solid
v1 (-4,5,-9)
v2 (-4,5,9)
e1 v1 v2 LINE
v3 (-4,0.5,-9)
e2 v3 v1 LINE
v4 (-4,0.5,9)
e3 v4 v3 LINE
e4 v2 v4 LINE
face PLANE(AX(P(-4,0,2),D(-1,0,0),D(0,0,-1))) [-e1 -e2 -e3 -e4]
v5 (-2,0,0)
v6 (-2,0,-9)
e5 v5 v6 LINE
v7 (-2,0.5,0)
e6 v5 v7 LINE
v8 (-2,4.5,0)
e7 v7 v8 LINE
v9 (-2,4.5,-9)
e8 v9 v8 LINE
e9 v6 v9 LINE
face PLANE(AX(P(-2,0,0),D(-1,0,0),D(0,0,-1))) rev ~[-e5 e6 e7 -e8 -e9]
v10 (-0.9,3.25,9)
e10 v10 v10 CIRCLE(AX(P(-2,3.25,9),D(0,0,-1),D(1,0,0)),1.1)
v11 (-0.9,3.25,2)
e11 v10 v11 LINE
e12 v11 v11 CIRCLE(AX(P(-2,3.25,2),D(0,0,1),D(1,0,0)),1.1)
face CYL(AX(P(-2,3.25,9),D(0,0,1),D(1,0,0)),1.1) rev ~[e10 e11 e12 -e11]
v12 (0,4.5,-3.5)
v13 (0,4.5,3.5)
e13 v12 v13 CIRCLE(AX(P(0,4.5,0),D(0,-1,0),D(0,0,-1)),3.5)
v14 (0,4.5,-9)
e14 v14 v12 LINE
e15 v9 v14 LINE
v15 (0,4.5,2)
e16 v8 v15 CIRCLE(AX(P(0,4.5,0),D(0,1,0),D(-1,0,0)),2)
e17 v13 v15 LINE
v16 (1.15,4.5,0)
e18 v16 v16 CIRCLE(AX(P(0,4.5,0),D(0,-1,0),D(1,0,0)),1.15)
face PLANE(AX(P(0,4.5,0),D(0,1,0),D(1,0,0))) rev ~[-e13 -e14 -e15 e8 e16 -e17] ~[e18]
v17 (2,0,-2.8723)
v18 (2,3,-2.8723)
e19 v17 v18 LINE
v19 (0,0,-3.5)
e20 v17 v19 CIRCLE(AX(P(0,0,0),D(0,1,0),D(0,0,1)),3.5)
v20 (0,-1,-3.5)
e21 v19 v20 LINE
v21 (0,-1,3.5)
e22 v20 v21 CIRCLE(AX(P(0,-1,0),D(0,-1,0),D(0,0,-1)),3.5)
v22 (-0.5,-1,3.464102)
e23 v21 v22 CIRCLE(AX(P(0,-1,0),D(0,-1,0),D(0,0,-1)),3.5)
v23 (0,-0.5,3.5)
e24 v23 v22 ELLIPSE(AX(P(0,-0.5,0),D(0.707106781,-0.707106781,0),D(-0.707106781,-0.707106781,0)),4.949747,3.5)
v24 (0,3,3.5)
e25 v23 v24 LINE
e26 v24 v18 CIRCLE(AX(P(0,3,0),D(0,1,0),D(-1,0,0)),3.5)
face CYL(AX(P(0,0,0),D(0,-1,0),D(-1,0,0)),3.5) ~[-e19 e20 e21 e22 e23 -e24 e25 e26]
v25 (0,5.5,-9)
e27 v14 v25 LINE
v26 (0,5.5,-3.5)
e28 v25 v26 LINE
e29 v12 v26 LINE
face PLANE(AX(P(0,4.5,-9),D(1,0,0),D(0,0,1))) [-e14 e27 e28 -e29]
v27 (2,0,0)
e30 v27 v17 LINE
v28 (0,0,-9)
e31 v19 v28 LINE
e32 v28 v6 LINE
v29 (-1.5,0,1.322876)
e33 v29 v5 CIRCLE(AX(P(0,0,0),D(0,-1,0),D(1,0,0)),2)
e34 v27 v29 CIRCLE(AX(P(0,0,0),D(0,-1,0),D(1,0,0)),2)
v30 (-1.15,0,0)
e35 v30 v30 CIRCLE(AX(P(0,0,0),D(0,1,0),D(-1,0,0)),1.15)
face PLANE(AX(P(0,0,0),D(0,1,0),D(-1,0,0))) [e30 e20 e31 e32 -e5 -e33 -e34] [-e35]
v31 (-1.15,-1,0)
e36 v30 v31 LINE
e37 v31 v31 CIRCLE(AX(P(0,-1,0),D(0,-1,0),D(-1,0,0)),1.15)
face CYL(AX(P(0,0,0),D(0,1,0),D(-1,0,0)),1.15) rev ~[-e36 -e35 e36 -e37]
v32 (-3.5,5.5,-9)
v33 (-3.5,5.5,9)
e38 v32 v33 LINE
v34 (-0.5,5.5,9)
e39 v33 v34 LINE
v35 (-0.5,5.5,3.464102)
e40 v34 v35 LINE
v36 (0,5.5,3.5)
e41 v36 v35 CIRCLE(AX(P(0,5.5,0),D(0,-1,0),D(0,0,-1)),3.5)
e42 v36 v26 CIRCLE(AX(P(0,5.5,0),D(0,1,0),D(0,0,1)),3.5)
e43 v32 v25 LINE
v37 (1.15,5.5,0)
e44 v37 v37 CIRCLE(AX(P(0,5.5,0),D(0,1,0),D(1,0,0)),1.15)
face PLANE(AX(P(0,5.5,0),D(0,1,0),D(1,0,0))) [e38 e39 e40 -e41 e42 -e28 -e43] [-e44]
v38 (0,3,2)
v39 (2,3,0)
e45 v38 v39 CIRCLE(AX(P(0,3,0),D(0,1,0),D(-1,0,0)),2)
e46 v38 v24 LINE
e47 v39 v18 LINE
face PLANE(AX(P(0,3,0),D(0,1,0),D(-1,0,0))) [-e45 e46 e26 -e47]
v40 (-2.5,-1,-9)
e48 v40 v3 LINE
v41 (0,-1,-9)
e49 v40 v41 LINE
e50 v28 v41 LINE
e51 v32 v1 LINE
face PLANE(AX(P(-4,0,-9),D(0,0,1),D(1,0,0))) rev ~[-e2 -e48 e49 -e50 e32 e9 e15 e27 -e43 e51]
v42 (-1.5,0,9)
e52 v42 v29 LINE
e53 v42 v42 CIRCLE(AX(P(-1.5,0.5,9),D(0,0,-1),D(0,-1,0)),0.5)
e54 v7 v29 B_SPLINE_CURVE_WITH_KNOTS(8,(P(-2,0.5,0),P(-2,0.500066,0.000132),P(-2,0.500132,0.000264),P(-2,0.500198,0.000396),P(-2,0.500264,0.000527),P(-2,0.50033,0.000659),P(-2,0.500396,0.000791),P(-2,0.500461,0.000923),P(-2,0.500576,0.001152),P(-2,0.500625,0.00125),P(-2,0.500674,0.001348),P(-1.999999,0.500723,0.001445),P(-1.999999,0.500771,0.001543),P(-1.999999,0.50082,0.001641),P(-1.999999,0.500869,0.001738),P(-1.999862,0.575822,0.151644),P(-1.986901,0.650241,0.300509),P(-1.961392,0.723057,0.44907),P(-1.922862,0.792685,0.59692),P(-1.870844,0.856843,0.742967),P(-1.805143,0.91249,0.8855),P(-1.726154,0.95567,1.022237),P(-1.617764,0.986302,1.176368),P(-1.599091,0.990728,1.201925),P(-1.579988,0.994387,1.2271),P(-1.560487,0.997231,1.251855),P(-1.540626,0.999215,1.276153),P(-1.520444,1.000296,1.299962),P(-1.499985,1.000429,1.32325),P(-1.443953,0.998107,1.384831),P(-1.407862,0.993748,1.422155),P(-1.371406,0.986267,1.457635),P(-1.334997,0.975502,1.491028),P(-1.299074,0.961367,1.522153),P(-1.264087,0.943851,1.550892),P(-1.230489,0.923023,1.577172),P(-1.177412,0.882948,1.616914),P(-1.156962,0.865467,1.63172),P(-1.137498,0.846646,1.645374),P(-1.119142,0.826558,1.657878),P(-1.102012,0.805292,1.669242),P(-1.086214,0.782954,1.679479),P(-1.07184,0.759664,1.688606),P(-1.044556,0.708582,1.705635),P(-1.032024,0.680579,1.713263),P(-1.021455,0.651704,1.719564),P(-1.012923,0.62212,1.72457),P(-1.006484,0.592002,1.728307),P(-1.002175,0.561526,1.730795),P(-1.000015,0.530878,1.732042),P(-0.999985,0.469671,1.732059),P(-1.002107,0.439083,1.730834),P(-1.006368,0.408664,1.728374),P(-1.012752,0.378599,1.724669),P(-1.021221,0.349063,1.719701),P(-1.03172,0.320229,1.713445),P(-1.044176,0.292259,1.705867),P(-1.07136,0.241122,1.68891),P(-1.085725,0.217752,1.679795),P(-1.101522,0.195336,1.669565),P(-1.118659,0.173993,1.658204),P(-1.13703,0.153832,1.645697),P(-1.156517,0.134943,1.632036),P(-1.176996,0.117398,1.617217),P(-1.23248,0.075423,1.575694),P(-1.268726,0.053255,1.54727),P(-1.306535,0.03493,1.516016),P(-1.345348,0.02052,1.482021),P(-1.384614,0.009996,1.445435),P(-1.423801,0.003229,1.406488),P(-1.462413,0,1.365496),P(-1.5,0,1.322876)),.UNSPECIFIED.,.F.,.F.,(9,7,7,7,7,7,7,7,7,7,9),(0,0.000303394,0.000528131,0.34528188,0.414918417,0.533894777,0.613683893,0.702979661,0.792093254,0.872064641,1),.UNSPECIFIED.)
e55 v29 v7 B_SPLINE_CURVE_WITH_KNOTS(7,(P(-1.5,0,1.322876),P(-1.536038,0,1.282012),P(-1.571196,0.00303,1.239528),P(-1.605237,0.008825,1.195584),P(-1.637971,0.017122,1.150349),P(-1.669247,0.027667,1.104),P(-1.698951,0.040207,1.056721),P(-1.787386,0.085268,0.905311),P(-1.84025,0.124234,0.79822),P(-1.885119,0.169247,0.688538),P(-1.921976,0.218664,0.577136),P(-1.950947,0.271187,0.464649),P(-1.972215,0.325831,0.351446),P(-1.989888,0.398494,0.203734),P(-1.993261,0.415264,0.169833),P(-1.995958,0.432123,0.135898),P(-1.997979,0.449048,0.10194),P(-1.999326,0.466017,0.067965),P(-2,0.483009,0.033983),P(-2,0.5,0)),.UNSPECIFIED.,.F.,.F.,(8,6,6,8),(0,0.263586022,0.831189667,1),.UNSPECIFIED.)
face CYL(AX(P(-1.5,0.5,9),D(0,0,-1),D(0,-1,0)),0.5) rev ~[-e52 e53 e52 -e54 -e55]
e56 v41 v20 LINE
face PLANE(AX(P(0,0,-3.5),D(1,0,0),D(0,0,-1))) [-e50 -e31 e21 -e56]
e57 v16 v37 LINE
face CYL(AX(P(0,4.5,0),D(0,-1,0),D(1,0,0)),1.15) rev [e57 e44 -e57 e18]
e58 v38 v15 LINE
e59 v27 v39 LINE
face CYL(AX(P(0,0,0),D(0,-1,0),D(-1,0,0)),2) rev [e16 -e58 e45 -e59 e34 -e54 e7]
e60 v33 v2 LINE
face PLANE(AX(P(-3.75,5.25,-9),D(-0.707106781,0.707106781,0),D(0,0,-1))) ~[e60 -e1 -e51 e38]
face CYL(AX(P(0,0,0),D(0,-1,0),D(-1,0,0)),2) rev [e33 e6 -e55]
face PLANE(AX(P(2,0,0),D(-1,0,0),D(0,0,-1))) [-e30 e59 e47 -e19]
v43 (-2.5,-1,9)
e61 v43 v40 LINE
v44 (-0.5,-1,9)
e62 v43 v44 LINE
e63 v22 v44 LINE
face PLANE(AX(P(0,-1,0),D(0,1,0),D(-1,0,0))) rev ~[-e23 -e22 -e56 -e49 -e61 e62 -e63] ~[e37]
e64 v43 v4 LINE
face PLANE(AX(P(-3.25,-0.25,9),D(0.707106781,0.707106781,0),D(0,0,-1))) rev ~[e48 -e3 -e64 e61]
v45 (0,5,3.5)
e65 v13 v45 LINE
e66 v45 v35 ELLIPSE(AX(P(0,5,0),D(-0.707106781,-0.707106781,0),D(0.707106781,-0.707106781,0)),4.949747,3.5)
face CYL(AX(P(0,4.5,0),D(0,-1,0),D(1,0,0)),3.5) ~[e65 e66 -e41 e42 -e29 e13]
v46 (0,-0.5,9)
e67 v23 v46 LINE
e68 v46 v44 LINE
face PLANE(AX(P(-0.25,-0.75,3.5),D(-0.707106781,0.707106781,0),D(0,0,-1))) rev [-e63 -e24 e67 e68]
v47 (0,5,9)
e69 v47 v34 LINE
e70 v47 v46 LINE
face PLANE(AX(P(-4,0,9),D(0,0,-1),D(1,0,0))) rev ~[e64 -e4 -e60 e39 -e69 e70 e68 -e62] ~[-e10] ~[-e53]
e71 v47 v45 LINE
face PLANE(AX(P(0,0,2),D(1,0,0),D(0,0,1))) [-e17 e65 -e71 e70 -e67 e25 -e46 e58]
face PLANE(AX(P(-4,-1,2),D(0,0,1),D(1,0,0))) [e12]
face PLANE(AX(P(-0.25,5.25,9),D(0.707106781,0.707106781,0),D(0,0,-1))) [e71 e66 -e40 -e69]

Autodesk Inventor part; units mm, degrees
ref_plane "YZ Plane" through (0, 0, 0) normal (1, 0, 0) x (0, 1, 0)
ref_plane "XZ Plane" through (0, 0, 0) normal (0, 1, 0) x (-1, 0, 0)
ref_plane "XY Plane" through (0, 0, 0) normal (0, 0, 1) x (1, 0, 0)
sketch "スケッチ1" plane through (0, 0, 0) normal (0, 1, 0) x (-1, 0, 0)
  circle A0 centre (0, 0) radius 1.15
  circle A1 centre (0, 0) radius 2
  circle A2 centre (0, 0) radius 3.5
  line L0 (0, 0) -> (0, 3.5)
  line L1 (2, 0) -> (-2, 0)
  line L2 (2, 0) -> (2, -2.8723)
  line L3 (-2, 0) -> (-2, -2.8723)
  line L4 (0, 2) -> (3.5, 2)
  line L5 (3.5, 2) -> (3.5, 6)
  line L6 (3.5, 6) -> (0, 6)
  line L7 (0, 6) -> (0, 2)
  line L8 (0, 6) -> (3.5, 6)
  line L9 (3.5, 6) -> (3.5, 0)
  line L10 (3.5, 0) -> (0, 0)
  line L11 (0, 0) -> (0, 6)
  line L12 (0, 0) -> (0, -8)
  line L13 (0, 0) -> (3.5, 0)
  line L14 (3.5, 0) -> (3.5, -8)
  line L15 (3.5, -8) -> (0, -8)
  line L16 (0, -8) -> (0, 0)
  line L17 (2, -2.8723) -> (2, -8)
  line L18 (0, -8) -> (3.5, -4.5)
  line L19 (0, -8) -> (4.9497, -8) construction
  line L20 (0, 0) -> (3.5, 0)
  line L21 (3.5, 0) -> (3.5, -9)
  line L22 (3.5, -9) -> (0, -9)
  line L23 (0, -9) -> (0, 0)
  line L24 (0, 2) -> (4, 2)
  line L25 (4, 2) -> (4, 9)
  line L26 (4, 9) -> (0, 9)
  line L27 (0, 9) -> (0, 2)
  line L28 (0, 9) -> (4, 9)
  line L29 (4, 9) -> (4, -9)
  line L30 (4, -9) -> (0, -9)
  line L31 (0, -9) -> (0, 9)
  line L32 (0, 0) -> (2, 0)
  line L33 (2, 0) -> (2, -9)
  line L34 (2, -9) -> (0, -9)
  line L35 (0, -9) -> (0, 0)
  point P0 (2, -6)
  point P1 (0, -3.5)
  dimension "d0" = 2.3
  dimension "d1" = 4
  dimension "d2" = 7
  dimension "d3" = 3.5
  dimension "d4" = 4
  dimension "d5" = 8
  dimension "d6" = 45
  dimension "d40" = 9
  dimension "d41" = 4
  dimension "d42" = 7
extrude "押し出し1" add sketch "スケッチ1" along normal blind 3 contours A1 L3 A2 L0
extrude "押し出し2" add sketch "スケッチ1" along normal blind 4.5 contours L10 A2 L2 | A1 L4 A2 L10 | L0 A2 L4 | A2 L14 L18 L17 | A2 L4 L9 | L9 L24 L29 L30 L21 L14 | L7 L6 L5 L4 A2 | L18 L14 L15 L17 | L5 L6 L27 L26 L25 L24 | L15 L21 L22 L33
extrude "押し出し3" add sketch "スケッチ1" against normal blind 1 contours L1 A1 L12 A0 | A0 L0 A1 L1 | A0 L1 A1 L0 | L12 A1 L1 A0 | L2 A2 L12 A1 | L10 A2 L2 | A1 L4 A2 L10 | A1 L3 A2 L0 | L0 A2 L4 | L12 A2 L3 A1 | L17 L18 L12 A2 | A2 L14 L18 L17 | A2 L4 L9 | L9 L24 L29 L30 L21 L14 | L7 L6 L5 L4 A2 | L18 L14 L15 L17 | L17 L15 L18 | L5 L6 L27 L26 L25 L24 | L15 L33 L22 L23 | L15 L21 L22 L33
sketch "スケッチ4" plane through (0, 4.5, 0) normal (0, 1, 0) x (1, 0, 0)
  circle A0 centre (0, 0) radius 1.15
  circle A1 centre (0, 0) radius 2
  circle A2 centre (0, 0) radius 3.5
  line L0 (-4, 9) -> (-4, -9) projected
  line L1 (0, 0) -> (-4, 0)
  line L2 (-4, 0) -> (-4, -9)
  line L3 (-4, -9) -> (0, -9)
  line L4 (0, -9) -> (0, 0)
  line L5 (0, 0) -> (-4, 0)
  line L6 (-4, 0) -> (-4, 9)
  line L7 (-4, 9) -> (0, 9)
  line L8 (0, 9) -> (0, 0)
  point P0 (0, -3.5)
  point P1 (0, 3.5)
  dimension "d43" = 2.3
  dimension "d44" = 4
  dimension "d45" = 7
  dimension "d46" = 4
  dimension "d47" = 9
extrude "押し出し6" add sketch "スケッチ4" along normal blind 1 contours A0 L8 A1 L4 | A0 L1 A1 L8 | L4 A1 L1 A0 | L8 A2 L4 A1 | A1 L1 A2 L8 | L4 A2 L1 A1 | A2 L1 L0 L7 L8 | L4 L3 L0 L1 A2
sketch "スケッチ5" plane through (-4, -1, 9) normal (0, 0, 1) x (1, 0, 0)
  line L0 (4, 0) -> (4, 4) projected
  line L1 (4, 0) -> (0, 0)
  line L2 (0, 0) -> (0, 1)
  line L3 (0, 1) -> (4, 1)
  line L4 (4, 1) -> (4, 0)
  line L5 (4, 1) -> (2.5, 1)
  line L6 (2.5, 1) -> (2.5, 1.5)
  line L7 (2.5, 1.5) -> (4, 1.5)
  line L8 (4, 1.5) -> (4, 1)
  line L9 (4, 6.5) -> (0, 6.5) projected
  line L10 (0, 6.5) -> (2, 6.5)
  line L11 (2, 6.5) -> (2, 4.25)
  line L12 (2, 4.25) -> (0, 4.25)
  line L13 (0, 4.25) -> (0, 6.5)
  circle A0 centre (2, 4.25) radius 1.1
  dimension "d50" = 4
  dimension "d51" = 1
  dimension "d52" = 1.5
  dimension "d53" = 0.5
  dimension "d54" = 2
  dimension "d55" = 2.25
  dimension "d56" = 2.2
extrude "押し出し7" cut sketch "スケッチ5" against normal blind 7 contours A0 L12 L11 | L11 L12 A0
hole "穴2" at (-1.5, 0.5, 9) direction (0, 0, -1) diameter 1 end through all
chamfer "面取り1" distance 0.5 angle 45 3 edges at (0, -1, 6.25) (0, 5.5, 6.25) (-4, 5.5, 0)
chamfer "面取り2" distance 1.5 angle 45 1 edges at (-4, -1, 0)
properties part number "rod6.1"
